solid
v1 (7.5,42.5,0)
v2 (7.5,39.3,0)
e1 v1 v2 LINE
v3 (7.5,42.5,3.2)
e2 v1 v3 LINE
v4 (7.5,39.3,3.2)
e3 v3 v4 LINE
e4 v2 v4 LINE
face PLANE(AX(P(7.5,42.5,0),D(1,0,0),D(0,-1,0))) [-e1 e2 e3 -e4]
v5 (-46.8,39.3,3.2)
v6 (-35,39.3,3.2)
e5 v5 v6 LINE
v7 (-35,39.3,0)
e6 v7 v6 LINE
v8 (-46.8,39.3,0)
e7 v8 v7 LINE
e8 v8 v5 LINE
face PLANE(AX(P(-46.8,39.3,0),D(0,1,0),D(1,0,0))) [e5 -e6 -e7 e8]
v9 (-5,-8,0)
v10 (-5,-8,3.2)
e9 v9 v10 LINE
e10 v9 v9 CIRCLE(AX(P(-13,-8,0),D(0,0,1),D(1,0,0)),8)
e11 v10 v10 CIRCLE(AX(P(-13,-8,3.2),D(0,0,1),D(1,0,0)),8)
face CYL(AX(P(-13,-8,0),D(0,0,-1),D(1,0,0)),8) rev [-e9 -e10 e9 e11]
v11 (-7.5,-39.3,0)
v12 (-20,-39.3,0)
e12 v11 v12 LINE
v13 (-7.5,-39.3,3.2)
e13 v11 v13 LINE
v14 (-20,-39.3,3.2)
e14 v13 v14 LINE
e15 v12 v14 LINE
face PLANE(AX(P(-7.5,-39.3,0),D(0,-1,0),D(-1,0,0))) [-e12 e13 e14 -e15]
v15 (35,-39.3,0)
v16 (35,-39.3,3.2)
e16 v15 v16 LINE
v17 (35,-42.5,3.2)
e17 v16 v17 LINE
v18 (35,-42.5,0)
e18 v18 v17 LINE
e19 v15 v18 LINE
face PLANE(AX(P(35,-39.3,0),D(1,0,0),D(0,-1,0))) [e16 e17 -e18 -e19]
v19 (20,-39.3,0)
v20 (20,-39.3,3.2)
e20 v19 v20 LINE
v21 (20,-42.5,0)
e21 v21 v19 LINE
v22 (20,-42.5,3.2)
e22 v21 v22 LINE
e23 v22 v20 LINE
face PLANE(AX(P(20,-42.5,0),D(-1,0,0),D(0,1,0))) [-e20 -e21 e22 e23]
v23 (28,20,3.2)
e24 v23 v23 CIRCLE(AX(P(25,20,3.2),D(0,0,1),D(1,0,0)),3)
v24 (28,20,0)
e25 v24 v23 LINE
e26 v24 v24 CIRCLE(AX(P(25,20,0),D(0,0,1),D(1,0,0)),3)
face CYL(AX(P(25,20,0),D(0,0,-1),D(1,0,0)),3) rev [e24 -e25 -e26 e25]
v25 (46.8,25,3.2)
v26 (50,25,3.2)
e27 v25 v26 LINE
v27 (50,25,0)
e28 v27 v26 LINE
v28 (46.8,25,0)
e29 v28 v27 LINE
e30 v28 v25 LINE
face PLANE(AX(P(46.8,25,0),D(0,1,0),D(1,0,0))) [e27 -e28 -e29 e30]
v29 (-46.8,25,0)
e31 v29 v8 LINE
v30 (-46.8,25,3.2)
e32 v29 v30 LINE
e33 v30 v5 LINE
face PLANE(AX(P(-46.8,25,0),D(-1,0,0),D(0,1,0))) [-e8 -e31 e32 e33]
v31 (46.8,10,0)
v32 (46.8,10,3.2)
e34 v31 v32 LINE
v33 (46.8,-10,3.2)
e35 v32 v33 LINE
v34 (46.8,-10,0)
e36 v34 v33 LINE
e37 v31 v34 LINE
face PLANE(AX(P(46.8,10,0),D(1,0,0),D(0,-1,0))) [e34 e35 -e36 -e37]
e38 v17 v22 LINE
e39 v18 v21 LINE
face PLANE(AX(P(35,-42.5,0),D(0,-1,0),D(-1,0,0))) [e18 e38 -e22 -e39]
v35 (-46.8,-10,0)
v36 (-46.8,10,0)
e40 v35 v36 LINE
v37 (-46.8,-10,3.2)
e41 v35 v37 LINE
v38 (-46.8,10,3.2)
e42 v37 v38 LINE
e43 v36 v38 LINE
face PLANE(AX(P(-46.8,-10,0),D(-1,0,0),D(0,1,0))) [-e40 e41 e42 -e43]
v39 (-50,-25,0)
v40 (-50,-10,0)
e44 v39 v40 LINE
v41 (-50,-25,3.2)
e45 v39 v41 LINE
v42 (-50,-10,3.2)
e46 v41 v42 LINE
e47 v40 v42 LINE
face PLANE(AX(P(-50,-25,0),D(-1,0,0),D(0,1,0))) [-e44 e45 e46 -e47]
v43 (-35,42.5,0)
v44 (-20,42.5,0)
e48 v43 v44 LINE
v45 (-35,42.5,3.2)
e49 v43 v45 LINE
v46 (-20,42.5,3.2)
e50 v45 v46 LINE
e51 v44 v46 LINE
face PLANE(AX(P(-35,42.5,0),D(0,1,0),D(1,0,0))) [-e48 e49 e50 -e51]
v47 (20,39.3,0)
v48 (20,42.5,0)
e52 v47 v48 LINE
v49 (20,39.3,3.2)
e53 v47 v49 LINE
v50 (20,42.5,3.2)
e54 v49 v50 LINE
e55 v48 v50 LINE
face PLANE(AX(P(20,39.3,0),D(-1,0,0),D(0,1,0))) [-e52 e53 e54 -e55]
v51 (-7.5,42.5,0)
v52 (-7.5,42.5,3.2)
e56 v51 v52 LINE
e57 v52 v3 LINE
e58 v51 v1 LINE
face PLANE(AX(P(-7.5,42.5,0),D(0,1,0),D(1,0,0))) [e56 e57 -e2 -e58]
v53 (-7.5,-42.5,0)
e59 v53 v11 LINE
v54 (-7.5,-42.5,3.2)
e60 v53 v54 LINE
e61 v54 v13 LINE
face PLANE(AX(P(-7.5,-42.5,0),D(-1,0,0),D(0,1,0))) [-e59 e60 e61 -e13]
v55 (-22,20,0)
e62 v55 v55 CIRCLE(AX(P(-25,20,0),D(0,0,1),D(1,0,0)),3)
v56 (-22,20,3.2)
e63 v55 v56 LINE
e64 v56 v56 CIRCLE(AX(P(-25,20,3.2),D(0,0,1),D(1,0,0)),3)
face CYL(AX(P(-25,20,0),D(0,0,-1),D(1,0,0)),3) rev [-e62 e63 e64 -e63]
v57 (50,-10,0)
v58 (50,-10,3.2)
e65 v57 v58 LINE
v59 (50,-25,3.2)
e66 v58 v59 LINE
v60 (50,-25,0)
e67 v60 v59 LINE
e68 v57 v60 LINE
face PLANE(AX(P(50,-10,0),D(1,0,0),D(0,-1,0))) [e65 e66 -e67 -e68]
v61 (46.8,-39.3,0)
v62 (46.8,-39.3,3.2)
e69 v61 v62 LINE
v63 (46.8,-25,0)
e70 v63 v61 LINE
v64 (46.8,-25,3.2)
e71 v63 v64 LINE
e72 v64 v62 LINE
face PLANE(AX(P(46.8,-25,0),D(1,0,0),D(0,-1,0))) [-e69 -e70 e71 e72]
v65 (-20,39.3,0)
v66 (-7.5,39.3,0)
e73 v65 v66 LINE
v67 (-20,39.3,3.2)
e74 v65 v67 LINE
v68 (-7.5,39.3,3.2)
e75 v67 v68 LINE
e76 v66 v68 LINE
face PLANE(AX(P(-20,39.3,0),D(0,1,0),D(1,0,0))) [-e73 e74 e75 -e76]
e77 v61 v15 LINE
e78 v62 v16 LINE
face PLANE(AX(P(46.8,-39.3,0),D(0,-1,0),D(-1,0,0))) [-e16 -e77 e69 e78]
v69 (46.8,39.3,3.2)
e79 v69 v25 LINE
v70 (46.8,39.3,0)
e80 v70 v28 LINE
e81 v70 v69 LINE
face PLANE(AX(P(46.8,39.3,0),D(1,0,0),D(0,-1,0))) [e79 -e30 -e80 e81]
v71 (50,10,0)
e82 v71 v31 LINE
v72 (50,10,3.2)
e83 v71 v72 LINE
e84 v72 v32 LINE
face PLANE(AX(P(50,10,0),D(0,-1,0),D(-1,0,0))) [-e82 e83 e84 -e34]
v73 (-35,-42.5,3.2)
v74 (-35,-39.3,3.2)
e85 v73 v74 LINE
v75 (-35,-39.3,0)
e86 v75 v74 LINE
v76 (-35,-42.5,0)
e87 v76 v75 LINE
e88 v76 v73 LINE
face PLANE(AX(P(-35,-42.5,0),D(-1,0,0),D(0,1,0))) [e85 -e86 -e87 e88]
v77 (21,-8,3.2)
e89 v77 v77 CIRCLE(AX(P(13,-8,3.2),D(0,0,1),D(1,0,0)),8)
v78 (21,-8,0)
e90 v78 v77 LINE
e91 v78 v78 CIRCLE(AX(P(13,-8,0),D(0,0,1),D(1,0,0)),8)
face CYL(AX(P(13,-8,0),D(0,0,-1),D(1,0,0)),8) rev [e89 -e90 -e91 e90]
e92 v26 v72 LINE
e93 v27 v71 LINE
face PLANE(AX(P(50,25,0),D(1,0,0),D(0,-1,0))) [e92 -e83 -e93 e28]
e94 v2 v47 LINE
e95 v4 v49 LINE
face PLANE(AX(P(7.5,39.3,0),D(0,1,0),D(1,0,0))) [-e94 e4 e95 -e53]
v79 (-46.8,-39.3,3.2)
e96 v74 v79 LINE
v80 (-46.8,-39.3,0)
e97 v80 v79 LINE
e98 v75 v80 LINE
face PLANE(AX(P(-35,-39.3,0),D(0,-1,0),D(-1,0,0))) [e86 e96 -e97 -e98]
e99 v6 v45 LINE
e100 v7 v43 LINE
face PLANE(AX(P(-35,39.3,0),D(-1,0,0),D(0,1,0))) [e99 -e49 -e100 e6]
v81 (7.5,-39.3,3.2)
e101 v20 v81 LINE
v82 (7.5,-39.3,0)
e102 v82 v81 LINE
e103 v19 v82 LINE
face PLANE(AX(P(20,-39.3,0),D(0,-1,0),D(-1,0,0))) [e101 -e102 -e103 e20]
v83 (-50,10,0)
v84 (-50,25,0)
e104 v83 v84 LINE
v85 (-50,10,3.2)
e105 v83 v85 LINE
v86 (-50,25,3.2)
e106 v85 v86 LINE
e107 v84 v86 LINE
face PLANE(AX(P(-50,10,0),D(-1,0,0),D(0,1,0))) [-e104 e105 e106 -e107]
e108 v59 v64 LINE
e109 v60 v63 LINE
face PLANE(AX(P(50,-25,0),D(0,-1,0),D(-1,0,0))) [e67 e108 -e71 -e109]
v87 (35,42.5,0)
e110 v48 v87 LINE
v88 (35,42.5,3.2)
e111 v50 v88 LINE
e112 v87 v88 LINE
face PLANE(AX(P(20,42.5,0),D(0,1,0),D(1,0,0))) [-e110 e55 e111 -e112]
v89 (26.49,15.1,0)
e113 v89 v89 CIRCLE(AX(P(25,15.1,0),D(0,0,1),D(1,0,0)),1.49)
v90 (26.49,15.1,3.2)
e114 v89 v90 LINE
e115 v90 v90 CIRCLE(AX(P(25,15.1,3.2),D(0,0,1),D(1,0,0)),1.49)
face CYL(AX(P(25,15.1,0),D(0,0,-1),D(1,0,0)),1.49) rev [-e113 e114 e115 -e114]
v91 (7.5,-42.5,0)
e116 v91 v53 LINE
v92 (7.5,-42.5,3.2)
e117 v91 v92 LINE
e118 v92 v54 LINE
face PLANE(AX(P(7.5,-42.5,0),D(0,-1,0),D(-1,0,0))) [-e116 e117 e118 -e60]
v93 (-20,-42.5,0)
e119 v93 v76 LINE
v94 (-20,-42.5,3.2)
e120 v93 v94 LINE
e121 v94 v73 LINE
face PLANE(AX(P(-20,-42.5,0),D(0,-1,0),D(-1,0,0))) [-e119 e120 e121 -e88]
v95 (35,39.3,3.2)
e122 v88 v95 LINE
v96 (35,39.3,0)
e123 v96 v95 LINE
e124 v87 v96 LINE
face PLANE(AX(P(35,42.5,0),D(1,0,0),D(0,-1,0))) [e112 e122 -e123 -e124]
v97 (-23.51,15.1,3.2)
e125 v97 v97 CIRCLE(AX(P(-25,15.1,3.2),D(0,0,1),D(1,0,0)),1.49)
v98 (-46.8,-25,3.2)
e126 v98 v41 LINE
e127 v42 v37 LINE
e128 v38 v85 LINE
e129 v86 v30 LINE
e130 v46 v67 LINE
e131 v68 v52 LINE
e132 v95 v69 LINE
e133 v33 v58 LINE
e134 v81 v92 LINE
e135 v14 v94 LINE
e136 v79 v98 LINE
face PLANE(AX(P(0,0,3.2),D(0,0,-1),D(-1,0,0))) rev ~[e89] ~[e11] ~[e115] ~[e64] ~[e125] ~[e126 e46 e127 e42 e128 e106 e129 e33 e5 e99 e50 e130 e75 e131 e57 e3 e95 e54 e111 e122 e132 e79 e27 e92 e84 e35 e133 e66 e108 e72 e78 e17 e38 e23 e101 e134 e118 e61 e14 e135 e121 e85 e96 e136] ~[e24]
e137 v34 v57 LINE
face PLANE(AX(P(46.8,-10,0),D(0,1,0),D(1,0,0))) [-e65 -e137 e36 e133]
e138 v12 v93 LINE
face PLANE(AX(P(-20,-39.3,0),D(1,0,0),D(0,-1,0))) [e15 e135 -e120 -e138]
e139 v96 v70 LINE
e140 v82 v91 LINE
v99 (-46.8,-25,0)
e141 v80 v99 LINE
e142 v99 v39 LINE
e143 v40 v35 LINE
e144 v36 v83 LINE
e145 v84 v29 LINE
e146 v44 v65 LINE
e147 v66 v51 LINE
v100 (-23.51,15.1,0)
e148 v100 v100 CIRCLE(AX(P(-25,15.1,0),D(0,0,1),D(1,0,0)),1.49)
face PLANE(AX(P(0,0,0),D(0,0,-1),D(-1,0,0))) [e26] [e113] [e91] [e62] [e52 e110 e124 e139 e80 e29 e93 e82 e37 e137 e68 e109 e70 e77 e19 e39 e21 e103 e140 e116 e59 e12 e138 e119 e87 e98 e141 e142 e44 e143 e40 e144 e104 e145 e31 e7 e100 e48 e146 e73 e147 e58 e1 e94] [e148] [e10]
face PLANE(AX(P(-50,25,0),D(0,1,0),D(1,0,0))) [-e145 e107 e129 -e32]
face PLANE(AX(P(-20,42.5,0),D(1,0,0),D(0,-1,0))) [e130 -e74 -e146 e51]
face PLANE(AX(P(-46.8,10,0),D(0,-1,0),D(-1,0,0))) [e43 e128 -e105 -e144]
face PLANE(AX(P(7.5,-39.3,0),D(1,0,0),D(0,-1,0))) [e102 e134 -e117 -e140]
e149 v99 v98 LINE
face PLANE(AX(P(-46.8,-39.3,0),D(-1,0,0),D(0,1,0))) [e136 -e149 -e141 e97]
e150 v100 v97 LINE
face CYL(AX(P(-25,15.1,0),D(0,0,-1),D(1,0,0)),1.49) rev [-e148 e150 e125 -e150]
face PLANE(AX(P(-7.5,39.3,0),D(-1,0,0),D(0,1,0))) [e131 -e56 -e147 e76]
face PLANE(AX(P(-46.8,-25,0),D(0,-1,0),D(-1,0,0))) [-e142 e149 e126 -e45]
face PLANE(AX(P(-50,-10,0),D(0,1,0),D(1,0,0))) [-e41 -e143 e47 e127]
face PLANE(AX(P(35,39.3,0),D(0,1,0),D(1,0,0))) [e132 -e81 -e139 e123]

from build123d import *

# Parameters (mm, degrees)
SKETCH1_R           = 8
SKETCH1_R_2         = 3
SKETCH1_R_3         = 1.49
BOSS_EXTRUDE1_DEPTH = 3.2


with BuildPart() as part:
    # Sketch1 → Boss-Extrude1 (new body)
    with BuildSketch(Plane.XY):
        Polygon((-50, 10), (-50, 25), (-46.8, 25), (-46.8, 39.3), (-35, 39.3), (-35, 42.5), (-20, 42.5), (-20, 39.3), (-7.5, 39.3), (-7.5, 42.5), (7.5, 42.5), (7.5, 39.3), (20, 39.3), (20, 42.5), (35, 42.5), (35, 39.3), (46.8, 39.3), (46.8, 25), (50, 25), (50, 10), (46.8, 10), (46.8, -10), (50, -10), (50, -25), (46.8, -25), (46.8, -39.3), (35, -39.3), (35, -42.5), (20, -42.5), (20, -39.3), (7.5, -39.3), (7.5, -42.5), (-7.5, -42.5), (-7.5, -39.3), (-20, -39.3), (-20, -42.5), (-35, -42.5), (-35, -39.3), (-46.8, -39.3), (-46.8, -25), (-50, -25), (-50, -10), (-46.8, -10), (-46.8, 10), align=None)
        with Locations((-13, -8)):
            Circle(SKETCH1_R, mode=Mode.SUBTRACT)
        with Locations((-25, 20)):
            Circle(SKETCH1_R_2, mode=Mode.SUBTRACT)
        with Locations((-25, 15.1)):
            Circle(SKETCH1_R_3, mode=Mode.SUBTRACT)
        with Locations((13, -8)):
            Circle(SKETCH1_R, mode=Mode.SUBTRACT)
        with Locations((25, 15.1)):
            Circle(SKETCH1_R_3, mode=Mode.SUBTRACT)
        with Locations((25, 20)):
            Circle(SKETCH1_R_2, mode=Mode.SUBTRACT)
    extrude(amount=BOSS_EXTRUDE1_DEPTH)


solid = part.part
